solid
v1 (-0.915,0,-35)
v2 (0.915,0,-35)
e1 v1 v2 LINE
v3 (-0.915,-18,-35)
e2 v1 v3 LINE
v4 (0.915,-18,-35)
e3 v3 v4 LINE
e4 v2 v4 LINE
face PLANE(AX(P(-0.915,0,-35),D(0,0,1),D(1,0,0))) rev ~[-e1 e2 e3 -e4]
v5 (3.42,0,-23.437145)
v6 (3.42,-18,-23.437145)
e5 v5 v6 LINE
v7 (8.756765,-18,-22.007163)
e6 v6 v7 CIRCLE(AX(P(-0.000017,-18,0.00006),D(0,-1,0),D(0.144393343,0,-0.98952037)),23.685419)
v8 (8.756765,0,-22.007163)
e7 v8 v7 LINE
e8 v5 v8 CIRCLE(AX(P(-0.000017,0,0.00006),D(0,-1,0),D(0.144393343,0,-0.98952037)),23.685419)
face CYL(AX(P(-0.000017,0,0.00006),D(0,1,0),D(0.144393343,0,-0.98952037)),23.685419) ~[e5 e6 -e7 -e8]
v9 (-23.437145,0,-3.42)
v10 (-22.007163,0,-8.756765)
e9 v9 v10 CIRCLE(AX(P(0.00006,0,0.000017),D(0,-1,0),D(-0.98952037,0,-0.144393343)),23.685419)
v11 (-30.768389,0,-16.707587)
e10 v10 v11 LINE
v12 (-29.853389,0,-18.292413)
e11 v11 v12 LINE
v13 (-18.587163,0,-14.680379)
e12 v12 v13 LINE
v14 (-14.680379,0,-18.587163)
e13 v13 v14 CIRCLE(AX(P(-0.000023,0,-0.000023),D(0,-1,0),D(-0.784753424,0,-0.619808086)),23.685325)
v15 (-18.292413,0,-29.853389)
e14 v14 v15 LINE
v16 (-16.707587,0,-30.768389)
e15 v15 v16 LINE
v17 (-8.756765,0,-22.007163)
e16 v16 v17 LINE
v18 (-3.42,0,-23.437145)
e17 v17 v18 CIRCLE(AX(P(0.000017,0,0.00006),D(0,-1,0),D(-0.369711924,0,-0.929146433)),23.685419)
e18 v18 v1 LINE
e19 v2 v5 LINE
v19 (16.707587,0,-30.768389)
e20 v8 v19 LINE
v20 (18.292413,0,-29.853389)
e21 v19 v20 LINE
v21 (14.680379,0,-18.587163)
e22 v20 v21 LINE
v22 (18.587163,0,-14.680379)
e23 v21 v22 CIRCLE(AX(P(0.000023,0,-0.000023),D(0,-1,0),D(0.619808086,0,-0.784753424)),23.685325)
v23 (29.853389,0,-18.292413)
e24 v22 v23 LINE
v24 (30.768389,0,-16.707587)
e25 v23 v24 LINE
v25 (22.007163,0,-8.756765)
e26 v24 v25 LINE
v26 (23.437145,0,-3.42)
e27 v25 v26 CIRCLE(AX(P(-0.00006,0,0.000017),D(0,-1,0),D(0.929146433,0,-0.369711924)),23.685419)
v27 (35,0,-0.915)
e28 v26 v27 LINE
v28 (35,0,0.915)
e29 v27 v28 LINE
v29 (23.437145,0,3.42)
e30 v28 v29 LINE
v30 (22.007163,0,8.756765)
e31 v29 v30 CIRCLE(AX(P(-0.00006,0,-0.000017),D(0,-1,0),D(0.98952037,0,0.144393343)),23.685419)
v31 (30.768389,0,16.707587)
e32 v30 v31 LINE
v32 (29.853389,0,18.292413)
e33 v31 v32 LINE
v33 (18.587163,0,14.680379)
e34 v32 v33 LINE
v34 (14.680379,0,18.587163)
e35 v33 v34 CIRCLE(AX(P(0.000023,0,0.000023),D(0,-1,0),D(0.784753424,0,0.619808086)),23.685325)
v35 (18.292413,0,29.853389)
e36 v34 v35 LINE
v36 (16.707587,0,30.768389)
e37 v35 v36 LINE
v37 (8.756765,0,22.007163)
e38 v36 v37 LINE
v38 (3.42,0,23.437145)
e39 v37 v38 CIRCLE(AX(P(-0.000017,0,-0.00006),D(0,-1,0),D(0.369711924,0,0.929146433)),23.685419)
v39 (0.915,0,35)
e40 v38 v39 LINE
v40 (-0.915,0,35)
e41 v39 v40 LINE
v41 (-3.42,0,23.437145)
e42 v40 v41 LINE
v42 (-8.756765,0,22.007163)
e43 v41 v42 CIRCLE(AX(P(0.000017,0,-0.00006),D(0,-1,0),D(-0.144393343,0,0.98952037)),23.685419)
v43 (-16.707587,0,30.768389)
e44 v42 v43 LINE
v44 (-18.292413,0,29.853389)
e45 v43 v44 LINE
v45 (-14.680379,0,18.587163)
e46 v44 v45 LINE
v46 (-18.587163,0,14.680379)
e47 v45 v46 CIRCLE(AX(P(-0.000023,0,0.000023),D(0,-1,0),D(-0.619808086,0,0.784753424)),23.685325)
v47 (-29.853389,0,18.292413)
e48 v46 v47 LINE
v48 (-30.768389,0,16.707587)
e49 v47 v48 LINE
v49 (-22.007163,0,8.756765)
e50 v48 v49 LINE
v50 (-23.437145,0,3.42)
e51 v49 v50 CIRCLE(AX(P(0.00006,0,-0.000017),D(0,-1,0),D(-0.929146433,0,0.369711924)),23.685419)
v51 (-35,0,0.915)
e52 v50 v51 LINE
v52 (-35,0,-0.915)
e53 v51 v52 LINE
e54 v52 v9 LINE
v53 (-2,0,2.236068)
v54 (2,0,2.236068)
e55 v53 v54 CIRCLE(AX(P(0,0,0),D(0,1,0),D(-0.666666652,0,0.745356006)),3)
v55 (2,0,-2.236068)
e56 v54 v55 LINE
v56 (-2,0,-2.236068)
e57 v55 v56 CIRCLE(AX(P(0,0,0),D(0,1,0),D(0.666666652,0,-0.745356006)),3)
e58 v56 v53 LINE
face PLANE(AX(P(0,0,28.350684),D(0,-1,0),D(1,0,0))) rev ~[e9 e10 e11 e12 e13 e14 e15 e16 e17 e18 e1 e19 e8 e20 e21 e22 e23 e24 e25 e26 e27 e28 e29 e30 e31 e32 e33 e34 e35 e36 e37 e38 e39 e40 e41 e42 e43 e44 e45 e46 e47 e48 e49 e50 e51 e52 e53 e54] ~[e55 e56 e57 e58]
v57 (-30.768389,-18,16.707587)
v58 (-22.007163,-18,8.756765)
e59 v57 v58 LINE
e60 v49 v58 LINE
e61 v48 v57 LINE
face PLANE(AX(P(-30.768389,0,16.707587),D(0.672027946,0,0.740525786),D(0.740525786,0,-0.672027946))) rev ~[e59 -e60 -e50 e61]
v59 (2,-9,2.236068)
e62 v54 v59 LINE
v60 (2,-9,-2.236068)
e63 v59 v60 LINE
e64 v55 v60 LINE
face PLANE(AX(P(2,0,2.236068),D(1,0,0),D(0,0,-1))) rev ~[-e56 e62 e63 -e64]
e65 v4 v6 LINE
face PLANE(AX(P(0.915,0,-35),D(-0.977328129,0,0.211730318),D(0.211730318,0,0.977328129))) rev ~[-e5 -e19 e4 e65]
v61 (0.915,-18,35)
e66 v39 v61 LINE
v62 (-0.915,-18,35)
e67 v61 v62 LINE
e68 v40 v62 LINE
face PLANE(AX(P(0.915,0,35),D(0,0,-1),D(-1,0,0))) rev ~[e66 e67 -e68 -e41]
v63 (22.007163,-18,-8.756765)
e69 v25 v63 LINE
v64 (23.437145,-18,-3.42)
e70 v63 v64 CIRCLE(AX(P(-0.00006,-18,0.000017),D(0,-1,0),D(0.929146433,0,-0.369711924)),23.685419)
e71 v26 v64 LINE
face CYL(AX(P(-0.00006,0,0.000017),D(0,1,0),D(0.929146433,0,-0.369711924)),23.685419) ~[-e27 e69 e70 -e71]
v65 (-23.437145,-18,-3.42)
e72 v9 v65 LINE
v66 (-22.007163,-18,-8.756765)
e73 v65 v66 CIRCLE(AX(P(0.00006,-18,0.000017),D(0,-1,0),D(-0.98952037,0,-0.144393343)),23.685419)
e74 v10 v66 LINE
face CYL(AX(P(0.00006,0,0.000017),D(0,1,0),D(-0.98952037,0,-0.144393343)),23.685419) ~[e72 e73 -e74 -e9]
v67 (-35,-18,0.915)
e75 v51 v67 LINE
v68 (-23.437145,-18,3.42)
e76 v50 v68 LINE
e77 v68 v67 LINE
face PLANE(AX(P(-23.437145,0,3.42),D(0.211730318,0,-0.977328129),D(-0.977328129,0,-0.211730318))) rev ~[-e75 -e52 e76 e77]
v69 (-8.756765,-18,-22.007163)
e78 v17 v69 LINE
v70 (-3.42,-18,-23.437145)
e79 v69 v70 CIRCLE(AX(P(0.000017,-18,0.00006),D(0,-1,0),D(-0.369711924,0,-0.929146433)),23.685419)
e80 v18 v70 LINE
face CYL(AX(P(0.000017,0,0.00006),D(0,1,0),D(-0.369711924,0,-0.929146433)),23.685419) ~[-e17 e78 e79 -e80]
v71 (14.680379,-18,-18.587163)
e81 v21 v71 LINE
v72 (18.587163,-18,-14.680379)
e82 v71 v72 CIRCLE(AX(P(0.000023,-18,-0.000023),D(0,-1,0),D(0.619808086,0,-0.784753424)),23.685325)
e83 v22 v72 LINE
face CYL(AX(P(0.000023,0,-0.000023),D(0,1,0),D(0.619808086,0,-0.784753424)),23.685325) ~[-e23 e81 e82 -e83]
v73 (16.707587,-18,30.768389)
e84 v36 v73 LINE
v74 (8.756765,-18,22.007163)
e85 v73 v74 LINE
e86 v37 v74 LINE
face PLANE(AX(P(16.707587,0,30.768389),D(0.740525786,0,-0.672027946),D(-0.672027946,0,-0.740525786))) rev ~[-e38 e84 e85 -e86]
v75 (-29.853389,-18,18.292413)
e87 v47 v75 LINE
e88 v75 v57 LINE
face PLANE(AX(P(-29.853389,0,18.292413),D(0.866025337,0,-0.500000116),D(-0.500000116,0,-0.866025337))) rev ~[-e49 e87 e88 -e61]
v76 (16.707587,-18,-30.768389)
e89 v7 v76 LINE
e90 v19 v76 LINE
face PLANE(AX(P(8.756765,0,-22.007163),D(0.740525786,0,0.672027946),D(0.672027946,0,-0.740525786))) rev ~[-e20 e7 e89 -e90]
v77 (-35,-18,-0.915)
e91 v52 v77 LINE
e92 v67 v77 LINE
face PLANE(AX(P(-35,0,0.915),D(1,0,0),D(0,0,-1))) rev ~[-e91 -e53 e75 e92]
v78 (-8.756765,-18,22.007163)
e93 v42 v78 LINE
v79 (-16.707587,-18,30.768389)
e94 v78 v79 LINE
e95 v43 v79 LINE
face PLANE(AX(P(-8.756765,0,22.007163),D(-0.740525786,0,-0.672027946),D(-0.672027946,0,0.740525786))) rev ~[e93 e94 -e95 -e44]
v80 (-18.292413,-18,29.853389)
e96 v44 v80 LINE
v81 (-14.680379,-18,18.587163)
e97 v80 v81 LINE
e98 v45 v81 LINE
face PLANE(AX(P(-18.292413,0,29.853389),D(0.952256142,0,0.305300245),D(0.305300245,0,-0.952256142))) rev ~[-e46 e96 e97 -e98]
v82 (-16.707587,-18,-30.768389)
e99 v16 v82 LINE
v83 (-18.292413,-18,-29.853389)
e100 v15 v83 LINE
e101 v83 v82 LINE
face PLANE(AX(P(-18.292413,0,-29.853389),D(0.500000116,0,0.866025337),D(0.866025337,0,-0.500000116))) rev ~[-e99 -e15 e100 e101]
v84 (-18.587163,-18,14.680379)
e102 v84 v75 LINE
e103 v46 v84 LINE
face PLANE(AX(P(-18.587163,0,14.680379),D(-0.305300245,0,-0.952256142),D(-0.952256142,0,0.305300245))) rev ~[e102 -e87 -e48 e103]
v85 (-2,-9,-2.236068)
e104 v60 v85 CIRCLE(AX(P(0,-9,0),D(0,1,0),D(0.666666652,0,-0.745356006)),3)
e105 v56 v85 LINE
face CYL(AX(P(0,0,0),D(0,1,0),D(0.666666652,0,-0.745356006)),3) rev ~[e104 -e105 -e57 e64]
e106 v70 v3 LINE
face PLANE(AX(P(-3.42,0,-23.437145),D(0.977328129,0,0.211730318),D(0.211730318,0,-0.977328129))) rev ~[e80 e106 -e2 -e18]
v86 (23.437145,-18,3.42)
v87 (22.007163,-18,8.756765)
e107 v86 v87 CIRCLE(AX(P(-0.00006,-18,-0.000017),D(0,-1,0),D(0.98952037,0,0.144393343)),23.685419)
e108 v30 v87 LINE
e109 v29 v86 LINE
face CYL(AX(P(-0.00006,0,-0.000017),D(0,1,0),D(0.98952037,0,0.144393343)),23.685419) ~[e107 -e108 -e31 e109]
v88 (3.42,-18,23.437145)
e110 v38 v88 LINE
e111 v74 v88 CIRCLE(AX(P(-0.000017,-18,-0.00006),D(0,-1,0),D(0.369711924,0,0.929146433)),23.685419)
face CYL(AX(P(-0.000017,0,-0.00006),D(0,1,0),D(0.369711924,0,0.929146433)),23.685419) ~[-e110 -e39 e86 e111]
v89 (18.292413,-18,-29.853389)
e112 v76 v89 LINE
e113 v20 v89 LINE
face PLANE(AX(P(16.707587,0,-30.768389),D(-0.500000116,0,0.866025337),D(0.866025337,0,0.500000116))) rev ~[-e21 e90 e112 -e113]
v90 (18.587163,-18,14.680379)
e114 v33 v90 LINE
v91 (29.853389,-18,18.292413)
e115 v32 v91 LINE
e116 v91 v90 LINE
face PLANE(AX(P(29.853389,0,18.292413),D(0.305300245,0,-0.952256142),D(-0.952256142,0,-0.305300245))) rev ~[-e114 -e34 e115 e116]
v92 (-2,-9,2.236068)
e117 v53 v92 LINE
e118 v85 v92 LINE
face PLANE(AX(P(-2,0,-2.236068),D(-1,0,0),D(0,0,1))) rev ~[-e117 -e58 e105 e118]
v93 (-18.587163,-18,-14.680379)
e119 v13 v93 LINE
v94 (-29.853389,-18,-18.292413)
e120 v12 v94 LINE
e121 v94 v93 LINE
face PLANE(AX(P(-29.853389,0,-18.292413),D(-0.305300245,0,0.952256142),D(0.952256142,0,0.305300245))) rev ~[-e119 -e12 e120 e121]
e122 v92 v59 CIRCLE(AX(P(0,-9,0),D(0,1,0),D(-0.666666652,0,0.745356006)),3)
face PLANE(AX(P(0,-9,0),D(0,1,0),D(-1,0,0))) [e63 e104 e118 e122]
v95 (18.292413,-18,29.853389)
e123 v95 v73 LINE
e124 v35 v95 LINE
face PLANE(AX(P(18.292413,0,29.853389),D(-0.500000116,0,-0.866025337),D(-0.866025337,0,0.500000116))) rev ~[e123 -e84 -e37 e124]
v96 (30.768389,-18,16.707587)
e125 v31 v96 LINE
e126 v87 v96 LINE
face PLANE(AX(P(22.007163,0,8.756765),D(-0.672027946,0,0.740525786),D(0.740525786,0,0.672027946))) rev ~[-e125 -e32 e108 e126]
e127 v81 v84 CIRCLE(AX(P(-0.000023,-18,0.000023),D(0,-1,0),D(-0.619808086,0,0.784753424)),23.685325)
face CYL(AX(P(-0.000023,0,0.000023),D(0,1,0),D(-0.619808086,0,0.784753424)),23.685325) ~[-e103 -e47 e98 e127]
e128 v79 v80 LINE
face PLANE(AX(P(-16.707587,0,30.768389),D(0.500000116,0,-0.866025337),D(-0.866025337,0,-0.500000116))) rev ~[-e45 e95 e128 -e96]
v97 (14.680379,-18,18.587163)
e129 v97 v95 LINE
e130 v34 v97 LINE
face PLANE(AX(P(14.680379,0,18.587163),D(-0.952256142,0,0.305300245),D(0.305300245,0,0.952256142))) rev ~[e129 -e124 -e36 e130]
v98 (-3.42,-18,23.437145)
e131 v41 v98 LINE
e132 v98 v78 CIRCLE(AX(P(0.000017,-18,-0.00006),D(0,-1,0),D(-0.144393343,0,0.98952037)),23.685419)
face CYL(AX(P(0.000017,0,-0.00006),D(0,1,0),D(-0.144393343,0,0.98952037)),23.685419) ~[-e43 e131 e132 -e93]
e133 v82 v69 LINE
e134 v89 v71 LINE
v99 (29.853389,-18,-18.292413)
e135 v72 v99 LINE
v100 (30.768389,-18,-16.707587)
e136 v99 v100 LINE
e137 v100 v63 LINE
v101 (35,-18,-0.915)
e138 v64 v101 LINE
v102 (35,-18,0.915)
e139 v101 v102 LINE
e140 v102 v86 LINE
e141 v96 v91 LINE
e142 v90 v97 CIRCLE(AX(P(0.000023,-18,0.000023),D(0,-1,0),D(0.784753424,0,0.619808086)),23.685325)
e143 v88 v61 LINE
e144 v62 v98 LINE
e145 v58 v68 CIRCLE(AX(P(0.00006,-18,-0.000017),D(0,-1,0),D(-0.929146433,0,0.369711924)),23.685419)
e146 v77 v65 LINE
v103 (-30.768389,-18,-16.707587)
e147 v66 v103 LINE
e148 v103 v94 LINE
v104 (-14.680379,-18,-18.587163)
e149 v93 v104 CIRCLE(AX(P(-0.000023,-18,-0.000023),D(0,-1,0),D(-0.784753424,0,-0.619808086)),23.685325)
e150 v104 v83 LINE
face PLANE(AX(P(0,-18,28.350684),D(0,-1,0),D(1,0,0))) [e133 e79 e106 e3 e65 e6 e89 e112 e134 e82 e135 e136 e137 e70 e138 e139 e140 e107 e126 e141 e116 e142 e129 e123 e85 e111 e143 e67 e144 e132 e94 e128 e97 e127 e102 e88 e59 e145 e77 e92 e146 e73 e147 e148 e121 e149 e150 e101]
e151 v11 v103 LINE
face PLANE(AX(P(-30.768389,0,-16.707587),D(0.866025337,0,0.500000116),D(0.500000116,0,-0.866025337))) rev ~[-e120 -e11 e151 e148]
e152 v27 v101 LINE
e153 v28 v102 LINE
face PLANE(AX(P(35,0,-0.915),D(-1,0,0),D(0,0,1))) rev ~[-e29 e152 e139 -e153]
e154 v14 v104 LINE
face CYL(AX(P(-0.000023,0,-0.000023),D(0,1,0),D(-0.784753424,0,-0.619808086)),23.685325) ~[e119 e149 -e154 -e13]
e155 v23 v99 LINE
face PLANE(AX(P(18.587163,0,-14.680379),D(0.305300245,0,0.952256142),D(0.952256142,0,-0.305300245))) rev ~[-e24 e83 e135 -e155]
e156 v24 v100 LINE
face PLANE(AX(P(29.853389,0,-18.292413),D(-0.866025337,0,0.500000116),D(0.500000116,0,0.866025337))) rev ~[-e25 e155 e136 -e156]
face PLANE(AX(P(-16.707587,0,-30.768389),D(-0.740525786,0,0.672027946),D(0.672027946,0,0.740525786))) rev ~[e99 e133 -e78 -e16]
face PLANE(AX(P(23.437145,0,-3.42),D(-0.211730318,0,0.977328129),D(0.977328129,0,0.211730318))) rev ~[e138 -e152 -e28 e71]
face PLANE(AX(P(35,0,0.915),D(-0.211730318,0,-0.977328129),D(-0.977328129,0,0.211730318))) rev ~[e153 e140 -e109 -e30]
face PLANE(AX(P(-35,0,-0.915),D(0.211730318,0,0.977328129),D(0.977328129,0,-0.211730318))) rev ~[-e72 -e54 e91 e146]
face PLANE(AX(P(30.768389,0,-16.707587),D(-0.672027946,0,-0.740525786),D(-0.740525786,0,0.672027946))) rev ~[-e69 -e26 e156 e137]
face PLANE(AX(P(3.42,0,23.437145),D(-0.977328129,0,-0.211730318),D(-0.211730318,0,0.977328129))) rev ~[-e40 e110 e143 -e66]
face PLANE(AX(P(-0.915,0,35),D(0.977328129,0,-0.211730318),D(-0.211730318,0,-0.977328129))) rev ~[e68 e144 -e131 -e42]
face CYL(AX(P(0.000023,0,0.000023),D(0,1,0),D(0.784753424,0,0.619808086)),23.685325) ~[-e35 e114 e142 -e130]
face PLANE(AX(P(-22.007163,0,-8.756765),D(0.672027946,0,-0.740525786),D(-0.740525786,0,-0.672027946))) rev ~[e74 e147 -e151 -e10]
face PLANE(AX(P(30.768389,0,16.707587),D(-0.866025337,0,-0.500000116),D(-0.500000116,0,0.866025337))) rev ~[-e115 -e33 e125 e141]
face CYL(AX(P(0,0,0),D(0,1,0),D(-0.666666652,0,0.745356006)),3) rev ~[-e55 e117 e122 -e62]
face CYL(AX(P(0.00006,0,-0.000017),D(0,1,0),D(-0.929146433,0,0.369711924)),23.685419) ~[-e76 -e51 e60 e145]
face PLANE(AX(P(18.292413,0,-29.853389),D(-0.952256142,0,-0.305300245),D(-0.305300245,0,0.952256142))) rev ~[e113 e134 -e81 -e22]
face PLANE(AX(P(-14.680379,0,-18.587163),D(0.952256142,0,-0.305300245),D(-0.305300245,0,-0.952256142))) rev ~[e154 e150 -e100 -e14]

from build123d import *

# Parameters (mm, degrees)
F1_DEPTH = 18
F3_DEPTH = 9


with BuildPart() as f1:
    # F0 (on Front) → F1 (new body)
    with BuildSketch(Plane.XZ):
        with BuildLine():
            Line((0, 35), (-0.915, 35))
            Line((-0.915, 35), (-3.42, 23.437145))
            ThreePointArc((-3.42, 23.437145), (0, 23.685357), (3.42, 23.437145))
            Line((3.42, 23.437145), (0.915, 35))
            Line((0.915, 35), (0, 35))
        make_face()
        with BuildLine():
            ThreePointArc((3.42, 23.437145), (0, 23.685357), (-3.42, 23.437145))
            ThreePointArc((-3.42, 23.437145), (-6.130222, 22.878298), (-8.756765, 22.007163))
            ThreePointArc((-8.756765, 22.007163), (-11.842679, 20.512121), (-14.680379, 18.587163))
            ThreePointArc((-14.680379, 18.587163), (-16.748077, 16.748077), (-18.587163, 14.680379))
            ThreePointArc((-18.587163, 14.680379), (-20.512121, 11.842679), (-22.007163, 8.756765))
            ThreePointArc((-22.007163, 8.756765), (-22.878298, 6.130222), (-23.437145, 3.42))
            ThreePointArc((-23.437145, 3.42), (-23.685357, 0), (-23.437145, -3.42))
            ThreePointArc((-23.437145, -3.42), (-22.878298, -6.130222), (-22.007163, -8.756765))
            ThreePointArc((-22.007163, -8.756765), (-20.512121, -11.842679), (-18.587163, -14.680379))
            ThreePointArc((-18.587163, -14.680379), (-16.748077, -16.748077), (-14.680379, -18.587163))
            ThreePointArc((-14.680379, -18.587163), (-11.842679, -20.512121), (-8.756765, -22.007163))
            ThreePointArc((-8.756765, -22.007163), (-6.130222, -22.878298), (-3.42, -23.437145))
            ThreePointArc((-3.42, -23.437145), (0, -23.685357), (3.42, -23.437145))
            ThreePointArc((3.42, -23.437145), (6.130222, -22.878298), (8.756765, -22.007163))
            ThreePointArc((8.756765, -22.007163), (11.842679, -20.512121), (14.680379, -18.587163))
            ThreePointArc((14.680379, -18.587163), (16.748077, -16.748077), (18.587163, -14.680379))
            ThreePointArc((18.587163, -14.680379), (20.512121, -11.842679), (22.007163, -8.756765))
            ThreePointArc((22.007163, -8.756765), (22.878298, -6.130222), (23.437145, -3.42))
            ThreePointArc((23.437145, -3.42), (23.623223, -1.714498), (23.685357, 0))
            ThreePointArc((23.685357, 0), (23.623223, 1.714498), (23.437145, 3.42))
            ThreePointArc((23.437145, 3.42), (22.878298, 6.130222), (22.007163, 8.756765))
            ThreePointArc((22.007163, 8.756765), (20.512121, 11.842679), (18.587163, 14.680379))
            ThreePointArc((18.587163, 14.680379), (16.748077, 16.748077), (14.680379, 18.587163))
            ThreePointArc((14.680379, 18.587163), (11.842679, 20.512121), (8.756765, 22.007163))
            ThreePointArc((8.756765, 22.007163), (6.130222, 22.878298), (3.42, 23.437145))
        make_face()
        with BuildLine():
            ThreePointArc((-14.680379, 18.587163), (-11.842679, 20.512121), (-8.756765, 22.007163))
            Line((-8.756765, 22.007163), (-16.707587, 30.768389))
            Line((-16.707587, 30.768389), (-17.5, 30.310889))
            Line((-17.5, 30.310889), (-18.292413, 29.853389))
            Line((-18.292413, 29.853389), (-14.680379, 18.587163))
        make_face()
        with BuildLine():
            Line((16.707587, 30.768389), (8.756765, 22.007163))
            ThreePointArc((8.756765, 22.007163), (11.842679, 20.512121), (14.680379, 18.587163))
            Line((14.680379, 18.587163), (18.292413, 29.853389))
            Line((18.292413, 29.853389), (17.5, 30.310889))
            Line((17.5, 30.310889), (16.707587, 30.768389))
        make_face()
        with BuildLine():
            ThreePointArc((-22.007163, 8.756765), (-20.512121, 11.842679), (-18.587163, 14.680379))
            Line((-18.587163, 14.680379), (-29.853389, 18.292413))
            Line((-29.853389, 18.292413), (-30.310889, 17.5))
            Line((-30.310889, 17.5), (-30.768389, 16.707587))
            Line((-30.768389, 16.707587), (-22.007163, 8.756765))
        make_face()
        with BuildLine():
            Line((29.853389, 18.292413), (18.587163, 14.680379))
            ThreePointArc((18.587163, 14.680379), (20.512121, 11.842679), (22.007163, 8.756765))
            Line((22.007163, 8.756765), (30.768389, 16.707587))
            Line((30.768389, 16.707587), (30.310889, 17.5))
            Line((30.310889, 17.5), (29.853389, 18.292413))
        make_face()
        with BuildLine():
            ThreePointArc((-23.437145, -3.42), (-23.685357, 0), (-23.437145, 3.42))
            Line((-23.437145, 3.42), (-35, 0.915))
            Line((-35, 0.915), (-35, 0))
            Line((-35, 0), (-35, -0.915))
            Line((-35, -0.915), (-23.437145, -3.42))
        make_face()
        with BuildLine():
            Line((35, 0.915), (23.437145, 3.42))
            ThreePointArc((23.437145, 3.42), (23.623223, 1.714498), (23.685357, 0))
            ThreePointArc((23.685357, 0), (23.623223, -1.714498), (23.437145, -3.42))
            Line((23.437145, -3.42), (35, -0.915))
            Line((35, -0.915), (35, 0))
            Line((35, 0), (35, 0.915))
        make_face()
        with BuildLine():
            ThreePointArc((-18.587163, -14.680379), (-20.512121, -11.842679), (-22.007163, -8.756765))
            Line((-22.007163, -8.756765), (-30.768389, -16.707587))
            Line((-30.768389, -16.707587), (-30.310889, -17.5))
            Line((-30.310889, -17.5), (-29.853389, -18.292413))
            Line((-29.853389, -18.292413), (-18.587163, -14.680379))
        make_face()
        with BuildLine():
            Line((30.768389, -16.707587), (22.007163, -8.756765))
            ThreePointArc((22.007163, -8.756765), (20.512121, -11.842679), (18.587163, -14.680379))
            Line((18.587163, -14.680379), (29.853389, -18.292413))
            Line((29.853389, -18.292413), (30.310889, -17.5))
            Line((30.310889, -17.5), (30.768389, -16.707587))
        make_face()
        with BuildLine():
            ThreePointArc((-8.756765, -22.007163), (-11.842679, -20.512121), (-14.680379, -18.587163))
            Line((-14.680379, -18.587163), (-18.292413, -29.853389))
            Line((-18.292413, -29.853389), (-17.5, -30.310889))
            Line((-17.5, -30.310889), (-16.707587, -30.768389))
            Line((-16.707587, -30.768389), (-8.756765, -22.007163))
        make_face()
        with BuildLine():
            Line((18.292413, -29.853389), (14.680379, -18.587163))
            ThreePointArc((14.680379, -18.587163), (11.842679, -20.512121), (8.756765, -22.007163))
            Line((8.756765, -22.007163), (16.707587, -30.768389))
            Line((16.707587, -30.768389), (17.5, -30.310889))
            Line((17.5, -30.310889), (18.292413, -29.853389))
        make_face()
        with BuildLine():
            ThreePointArc((3.42, -23.437145), (0, -23.685357), (-3.42, -23.437145))
            Line((-3.42, -23.437145), (-0.915, -35))
            Line((-0.915, -35), (0, -35))
            Line((0, -35), (0.915, -35))
            Line((0.915, -35), (3.42, -23.437145))
        make_face()
    extrude(amount=F1_DEPTH)

    # F2 (on face) → F3 (cut)
    with BuildSketch(Plane(origin=(0, 0, 0), x_dir=(-1, 0, 0), z_dir=(0, 1, 0))):
        with BuildLine():
            Line((-2, 2.236068), (-2, -2.236068))
            ThreePointArc((-2, -2.236068), (0, -3), (2, -2.236068))
            Line((2, -2.236068), (2, 2.236068))
            ThreePointArc((2, 2.236068), (0, 3), (-2, 2.236068))
        make_face()
    extrude(amount=-F3_DEPTH, mode=Mode.SUBTRACT)


solid = f1.part
